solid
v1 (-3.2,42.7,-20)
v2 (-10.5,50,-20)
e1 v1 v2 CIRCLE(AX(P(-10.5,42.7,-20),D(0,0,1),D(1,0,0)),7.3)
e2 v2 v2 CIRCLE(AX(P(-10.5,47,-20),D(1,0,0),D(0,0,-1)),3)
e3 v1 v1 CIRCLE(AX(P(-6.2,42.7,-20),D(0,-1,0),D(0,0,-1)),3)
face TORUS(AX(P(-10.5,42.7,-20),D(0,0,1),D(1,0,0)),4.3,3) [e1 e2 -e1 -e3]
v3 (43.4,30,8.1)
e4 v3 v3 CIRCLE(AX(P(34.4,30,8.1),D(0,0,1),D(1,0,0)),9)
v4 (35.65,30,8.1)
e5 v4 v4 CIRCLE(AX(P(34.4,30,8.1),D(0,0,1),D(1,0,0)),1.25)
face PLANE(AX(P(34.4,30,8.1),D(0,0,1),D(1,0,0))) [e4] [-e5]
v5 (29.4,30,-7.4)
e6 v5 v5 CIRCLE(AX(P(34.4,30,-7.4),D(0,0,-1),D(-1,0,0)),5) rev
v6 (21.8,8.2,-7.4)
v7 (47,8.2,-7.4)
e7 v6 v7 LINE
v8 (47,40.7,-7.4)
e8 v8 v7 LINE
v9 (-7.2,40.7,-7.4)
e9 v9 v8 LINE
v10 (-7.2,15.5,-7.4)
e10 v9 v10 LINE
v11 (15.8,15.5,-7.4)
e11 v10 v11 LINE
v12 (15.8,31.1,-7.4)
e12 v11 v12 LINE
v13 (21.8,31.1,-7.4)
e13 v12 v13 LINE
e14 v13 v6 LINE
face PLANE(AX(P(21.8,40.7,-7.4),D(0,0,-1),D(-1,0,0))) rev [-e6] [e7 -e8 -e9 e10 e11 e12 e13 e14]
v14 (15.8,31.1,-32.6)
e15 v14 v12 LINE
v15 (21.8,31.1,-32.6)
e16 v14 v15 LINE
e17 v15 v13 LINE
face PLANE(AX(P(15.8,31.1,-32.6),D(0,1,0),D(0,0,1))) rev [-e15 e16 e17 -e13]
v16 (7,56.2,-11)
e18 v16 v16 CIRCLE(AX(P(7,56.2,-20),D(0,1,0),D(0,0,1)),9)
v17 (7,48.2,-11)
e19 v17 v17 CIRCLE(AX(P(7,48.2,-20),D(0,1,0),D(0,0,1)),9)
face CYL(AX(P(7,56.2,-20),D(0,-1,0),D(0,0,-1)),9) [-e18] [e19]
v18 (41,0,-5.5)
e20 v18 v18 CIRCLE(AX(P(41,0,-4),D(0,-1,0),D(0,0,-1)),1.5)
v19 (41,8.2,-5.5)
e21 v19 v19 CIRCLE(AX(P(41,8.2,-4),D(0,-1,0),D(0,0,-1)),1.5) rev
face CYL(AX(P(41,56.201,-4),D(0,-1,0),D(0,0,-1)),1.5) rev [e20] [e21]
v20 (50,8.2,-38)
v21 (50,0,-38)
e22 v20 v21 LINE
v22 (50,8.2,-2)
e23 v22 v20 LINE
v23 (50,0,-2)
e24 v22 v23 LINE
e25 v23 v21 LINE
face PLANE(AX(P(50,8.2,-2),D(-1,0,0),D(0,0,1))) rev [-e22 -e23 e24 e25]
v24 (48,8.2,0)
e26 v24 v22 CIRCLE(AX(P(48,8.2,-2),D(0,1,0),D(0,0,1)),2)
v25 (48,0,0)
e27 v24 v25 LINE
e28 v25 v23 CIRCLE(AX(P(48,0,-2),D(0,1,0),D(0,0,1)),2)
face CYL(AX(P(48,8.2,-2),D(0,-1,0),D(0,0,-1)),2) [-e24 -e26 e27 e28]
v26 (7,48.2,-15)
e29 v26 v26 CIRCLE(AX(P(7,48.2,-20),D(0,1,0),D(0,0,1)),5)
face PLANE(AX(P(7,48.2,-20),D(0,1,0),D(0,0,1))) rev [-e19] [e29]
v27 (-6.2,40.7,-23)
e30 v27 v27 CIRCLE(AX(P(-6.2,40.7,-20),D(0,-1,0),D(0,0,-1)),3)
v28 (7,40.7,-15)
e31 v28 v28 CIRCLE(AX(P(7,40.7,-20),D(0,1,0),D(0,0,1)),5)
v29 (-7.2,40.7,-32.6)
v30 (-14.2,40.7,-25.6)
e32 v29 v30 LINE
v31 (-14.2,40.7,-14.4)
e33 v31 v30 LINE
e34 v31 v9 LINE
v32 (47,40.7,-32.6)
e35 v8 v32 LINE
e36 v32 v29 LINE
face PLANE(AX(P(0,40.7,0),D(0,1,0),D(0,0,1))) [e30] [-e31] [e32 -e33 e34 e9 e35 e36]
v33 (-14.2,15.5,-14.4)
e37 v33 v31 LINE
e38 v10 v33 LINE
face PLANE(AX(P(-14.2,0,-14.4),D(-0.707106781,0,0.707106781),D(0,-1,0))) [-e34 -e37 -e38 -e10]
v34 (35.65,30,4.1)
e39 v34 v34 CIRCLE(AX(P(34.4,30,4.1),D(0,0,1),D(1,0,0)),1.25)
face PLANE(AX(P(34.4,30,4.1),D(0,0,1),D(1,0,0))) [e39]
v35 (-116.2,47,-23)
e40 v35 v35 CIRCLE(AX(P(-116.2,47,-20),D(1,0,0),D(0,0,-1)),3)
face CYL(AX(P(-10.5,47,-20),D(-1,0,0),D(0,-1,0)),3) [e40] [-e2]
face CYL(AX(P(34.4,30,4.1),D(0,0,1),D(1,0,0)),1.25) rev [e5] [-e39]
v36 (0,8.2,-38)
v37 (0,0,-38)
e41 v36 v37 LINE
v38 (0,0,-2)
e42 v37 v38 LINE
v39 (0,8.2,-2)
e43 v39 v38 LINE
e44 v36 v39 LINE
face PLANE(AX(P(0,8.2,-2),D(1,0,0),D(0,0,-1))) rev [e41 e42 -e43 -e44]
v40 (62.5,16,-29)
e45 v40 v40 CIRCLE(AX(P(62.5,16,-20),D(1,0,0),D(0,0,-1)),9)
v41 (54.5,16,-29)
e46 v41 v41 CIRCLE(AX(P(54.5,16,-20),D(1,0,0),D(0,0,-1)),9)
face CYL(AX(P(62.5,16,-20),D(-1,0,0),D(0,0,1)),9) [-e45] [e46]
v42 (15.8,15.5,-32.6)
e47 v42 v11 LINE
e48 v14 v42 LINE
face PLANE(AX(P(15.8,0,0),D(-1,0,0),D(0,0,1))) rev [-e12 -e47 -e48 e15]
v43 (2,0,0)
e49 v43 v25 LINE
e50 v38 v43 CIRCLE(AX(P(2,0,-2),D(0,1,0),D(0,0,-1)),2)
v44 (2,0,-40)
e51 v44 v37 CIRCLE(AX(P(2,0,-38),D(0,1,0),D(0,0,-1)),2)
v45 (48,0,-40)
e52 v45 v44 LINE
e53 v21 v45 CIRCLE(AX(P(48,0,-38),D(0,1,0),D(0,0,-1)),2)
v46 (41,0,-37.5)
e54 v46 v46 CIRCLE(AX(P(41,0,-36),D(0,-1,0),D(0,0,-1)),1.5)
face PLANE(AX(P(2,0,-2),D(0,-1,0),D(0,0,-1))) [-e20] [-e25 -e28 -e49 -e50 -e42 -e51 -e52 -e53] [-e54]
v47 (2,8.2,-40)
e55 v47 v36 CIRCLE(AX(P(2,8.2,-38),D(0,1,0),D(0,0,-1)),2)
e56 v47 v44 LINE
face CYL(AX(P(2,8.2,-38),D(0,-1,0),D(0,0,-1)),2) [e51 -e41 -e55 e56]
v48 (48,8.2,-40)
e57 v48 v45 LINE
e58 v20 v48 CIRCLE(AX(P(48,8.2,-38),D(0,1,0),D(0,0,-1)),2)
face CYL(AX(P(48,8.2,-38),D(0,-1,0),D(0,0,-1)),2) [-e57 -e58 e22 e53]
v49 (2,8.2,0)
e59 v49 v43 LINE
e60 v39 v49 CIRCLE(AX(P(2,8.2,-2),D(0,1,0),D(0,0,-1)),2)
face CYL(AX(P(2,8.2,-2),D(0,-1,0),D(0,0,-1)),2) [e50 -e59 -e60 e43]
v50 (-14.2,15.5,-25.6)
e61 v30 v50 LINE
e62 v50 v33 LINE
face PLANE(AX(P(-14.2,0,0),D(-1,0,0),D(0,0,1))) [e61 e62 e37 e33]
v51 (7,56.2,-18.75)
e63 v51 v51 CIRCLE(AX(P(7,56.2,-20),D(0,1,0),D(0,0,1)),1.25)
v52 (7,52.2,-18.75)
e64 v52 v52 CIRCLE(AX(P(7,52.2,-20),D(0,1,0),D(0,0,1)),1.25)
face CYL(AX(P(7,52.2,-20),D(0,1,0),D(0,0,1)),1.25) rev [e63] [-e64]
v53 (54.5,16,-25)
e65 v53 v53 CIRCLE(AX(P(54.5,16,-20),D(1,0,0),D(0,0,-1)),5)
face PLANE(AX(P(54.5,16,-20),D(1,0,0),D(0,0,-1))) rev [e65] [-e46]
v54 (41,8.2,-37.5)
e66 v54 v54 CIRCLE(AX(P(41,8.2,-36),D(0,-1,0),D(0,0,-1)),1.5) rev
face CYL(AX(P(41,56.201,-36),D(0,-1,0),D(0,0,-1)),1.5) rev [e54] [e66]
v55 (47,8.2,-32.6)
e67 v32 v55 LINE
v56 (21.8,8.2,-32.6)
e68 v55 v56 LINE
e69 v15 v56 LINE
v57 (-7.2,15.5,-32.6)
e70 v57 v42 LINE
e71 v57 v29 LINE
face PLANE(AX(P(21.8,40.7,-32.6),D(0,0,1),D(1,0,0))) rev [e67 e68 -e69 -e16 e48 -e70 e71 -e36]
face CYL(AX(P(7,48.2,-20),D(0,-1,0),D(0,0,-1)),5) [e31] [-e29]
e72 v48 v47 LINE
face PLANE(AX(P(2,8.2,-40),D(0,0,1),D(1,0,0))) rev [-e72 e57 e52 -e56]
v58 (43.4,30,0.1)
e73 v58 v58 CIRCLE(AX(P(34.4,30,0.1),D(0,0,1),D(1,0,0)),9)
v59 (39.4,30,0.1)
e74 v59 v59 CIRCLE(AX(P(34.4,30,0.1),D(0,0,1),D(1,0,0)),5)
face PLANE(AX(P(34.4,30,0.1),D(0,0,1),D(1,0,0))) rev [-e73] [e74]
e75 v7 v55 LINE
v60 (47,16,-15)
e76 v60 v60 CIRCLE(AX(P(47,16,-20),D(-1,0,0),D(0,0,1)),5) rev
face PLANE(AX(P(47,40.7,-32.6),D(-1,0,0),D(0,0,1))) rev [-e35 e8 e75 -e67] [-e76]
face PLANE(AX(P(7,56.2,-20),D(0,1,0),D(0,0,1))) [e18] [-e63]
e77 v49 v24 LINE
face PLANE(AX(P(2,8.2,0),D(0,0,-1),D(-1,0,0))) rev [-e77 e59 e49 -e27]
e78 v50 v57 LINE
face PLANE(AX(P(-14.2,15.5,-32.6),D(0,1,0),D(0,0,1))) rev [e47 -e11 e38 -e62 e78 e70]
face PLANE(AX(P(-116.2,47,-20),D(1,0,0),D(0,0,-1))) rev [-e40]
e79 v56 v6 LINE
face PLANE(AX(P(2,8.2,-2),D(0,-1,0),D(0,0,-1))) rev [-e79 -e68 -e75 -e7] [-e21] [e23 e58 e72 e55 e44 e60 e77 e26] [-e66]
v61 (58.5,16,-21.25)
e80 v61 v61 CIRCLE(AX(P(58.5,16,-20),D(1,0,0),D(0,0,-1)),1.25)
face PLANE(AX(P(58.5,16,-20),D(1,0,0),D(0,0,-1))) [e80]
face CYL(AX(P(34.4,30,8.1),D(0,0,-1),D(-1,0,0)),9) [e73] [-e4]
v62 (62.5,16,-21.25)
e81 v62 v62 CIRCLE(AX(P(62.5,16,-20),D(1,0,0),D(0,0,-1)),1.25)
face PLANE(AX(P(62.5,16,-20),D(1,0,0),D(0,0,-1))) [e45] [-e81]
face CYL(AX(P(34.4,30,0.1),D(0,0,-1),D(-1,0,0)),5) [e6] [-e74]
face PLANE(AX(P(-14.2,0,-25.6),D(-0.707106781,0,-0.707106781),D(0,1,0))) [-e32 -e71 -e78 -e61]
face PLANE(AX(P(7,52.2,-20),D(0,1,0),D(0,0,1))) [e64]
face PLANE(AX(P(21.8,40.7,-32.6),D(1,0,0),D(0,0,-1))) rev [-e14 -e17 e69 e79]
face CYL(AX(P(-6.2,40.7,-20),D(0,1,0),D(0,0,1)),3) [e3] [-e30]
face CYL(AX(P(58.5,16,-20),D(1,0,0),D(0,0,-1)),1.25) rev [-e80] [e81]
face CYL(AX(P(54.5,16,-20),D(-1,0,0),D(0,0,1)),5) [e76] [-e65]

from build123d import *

# Parameters (mm, degrees)
BOSS_EXTRUDE1_DEPTH  = 8.2
SKETCH2_W            = 25.2
SKETCH2_H            = 25.2
BOSS_EXTRUDE2_DEPTH  = 32.5
SKETCH3_W            = 25.2
SKETCH3_H            = 9.6
BOSS_EXTRUDE3_DEPTH  = 6
SKETCH4_W            = 25.2
SKETCH4_H            = 25.2
BOSS_EXTRUDE4_DEPTH  = 30
CHAMFER1_SIZE        = 7
SKETCH5_R            = 5
BOSS_EXTRUDE5_DEPTH  = 7.5
SKETCH6_R            = 9
BOSS_EXTRUDE6_DEPTH  = 8
SKETCH7_R            = 1.25
CUT_EXTRUDE1_DEPTH   = 4
SKETCH8_R            = 5
BOSS_EXTRUDE7_DEPTH  = 7.5
SKETCH9_R            = 9
BOSS_EXTRUDE8_DEPTH  = 8
SKETCH10_R           = 1.25
CUT_EXTRUDE2_DEPTH   = 4
SKETCH11_R           = 5
BOSS_EXTRUDE9_DEPTH  = 7.5
SKETCH12_R           = 9
BOSS_EXTRUDE10_DEPTH = 8
SKETCH13_R           = 1.25
CUT_EXTRUDE3_DEPTH   = 4
SKETCH15_R           = 3
CUT_EXTRUDE4_REACH   = 139.748
SKETCH16_R           = 1.5
BOSS_EXTRUDE11_START = 7.5
SKETCH17_R           = 5
BOSS_EXTRUDE11_DEPTH = 7.5
BOSS_EXTRUDE12_START = 8
SKETCH19_R           = 9
BOSS_EXTRUDE12_DEPTH = 8
CUT_EXTRUDE5_START   = -4
SKETCH20_R           = 1.25
CUT_EXTRUDE5_DEPTH   = 4
SKETCH21_W           = 25.2
SKETCH21_H           = 23.393647367
CUT_EXTRUDE6_DEPTH   = 136.341678725


with BuildPart() as part:
    # Sketch1 → Boss-Extrude1 (new body)
    with BuildSketch(Plane(origin=(0, 0, 0), x_dir=(1, 0, 0), z_dir=(0, 1, 0))):
        with BuildLine():
            Line((2, 0), (48, 0))
            ThreePointArc((48, 0), (49.414213562, 0.585786438), (50, 2))
            Line((50, 2), (50, 38))
            ThreePointArc((50, 38), (49.414213562, 39.414213562), (48, 40))
            Line((48, 40), (2, 40))
            ThreePointArc((2, 40), (0.585786438, 39.414213562), (0, 38))
            Line((0, 38), (0, 2))
            ThreePointArc((0, 2), (0.585786438, 0.585786438), (2, 0))
        make_face()
    extrude(amount=BOSS_EXTRUDE1_DEPTH)

    # Sketch2 → Boss-Extrude2 (add)
    with BuildSketch(Plane(origin=(0, 8.2, 0), x_dir=(1, 0, 0), z_dir=(0, 1, 0))):
        with Locations((34.4, 20)):
            Rectangle(SKETCH2_W, SKETCH2_H)
    extrude(amount=BOSS_EXTRUDE2_DEPTH)

    # Sketch3 → Boss-Extrude3 (add)
    with BuildSketch(Plane.ZY.offset(-21.8)):
        with Locations((-20, 35.9)):
            Rectangle(SKETCH3_W, SKETCH3_H)
    extrude(amount=BOSS_EXTRUDE3_DEPTH)

    # Sketch4 → Boss-Extrude4 (add)
    with BuildSketch(Plane.ZY.offset(-15.8)):
        with Locations((-20, 28.1)):
            Rectangle(SKETCH4_W, SKETCH4_H)
    extrude(amount=BOSS_EXTRUDE4_DEPTH)

    # Chamfer1
    chamfer1_edges = [part.edges().sort_by_distance(p)[0] for p in [
        (-14.2, 28.1, -7.4),
        (-14.2, 28.1, -32.6),
    ]]
    chamfer(chamfer1_edges, length=CHAMFER1_SIZE)

    # Sketch5 → Boss-Extrude5 (add)
    with BuildSketch(Plane(origin=(47, 0, 0), x_dir=(0, 0, -1), z_dir=(1, 0, 0))):
        with Locations((20, 16)):
            Circle(SKETCH5_R)
    extrude(amount=BOSS_EXTRUDE5_DEPTH)

    # Sketch6 → Boss-Extrude6 (add)
    with BuildSketch(Plane(origin=(54.5, 0, 0), x_dir=(0, 0, -1), z_dir=(1, 0, 0))):
        with Locations((20, 16)):
            Circle(SKETCH6_R)
    extrude(amount=BOSS_EXTRUDE6_DEPTH)

    # Sketch7 → Cut-Extrude1 (cut)
    with BuildSketch(Plane(origin=(62.5, 0, 0), x_dir=(0, 0, -1), z_dir=(1, 0, 0))):
        with Locations((20, 16)):
            Circle(SKETCH7_R)
    extrude(amount=-CUT_EXTRUDE1_DEPTH, mode=Mode.SUBTRACT)

    # Sketch8 → Boss-Extrude7 (add)
    with BuildSketch(Plane(origin=(0, 0, -32.6), x_dir=(-1, 0, 0), z_dir=(0, 0, -1))):
        with Locations((-34.4, 30)):
            Circle(SKETCH8_R)
    extrude(amount=BOSS_EXTRUDE7_DEPTH)

    # Sketch9 → Boss-Extrude8 (add)
    with BuildSketch(Plane(origin=(0, 0, -40.1), x_dir=(-1, 0, 0), z_dir=(0, 0, -1))):
        with Locations((-34.4, 30)):
            Circle(SKETCH9_R)
    extrude(amount=BOSS_EXTRUDE8_DEPTH)

    # Sketch10 → Cut-Extrude2 (cut)
    with BuildSketch(Plane(origin=(0, 0, -48.1), x_dir=(-1, 0, 0), z_dir=(0, 0, -1))):
        with Locations((-34.4, 30)):
            Circle(SKETCH10_R)
    extrude(amount=-CUT_EXTRUDE2_DEPTH, mode=Mode.SUBTRACT)

    # Sketch11 → Boss-Extrude9 (add)
    with BuildSketch(Plane(origin=(0, 40.7, 0), x_dir=(1, 0, 0), z_dir=(0, 1, 0))):
        with Locations((7, 20)):
            Circle(SKETCH11_R)
    extrude(amount=BOSS_EXTRUDE9_DEPTH)

    # Sketch12 → Boss-Extrude10 (add)
    with BuildSketch(Plane(origin=(0, 48.2, 0), x_dir=(1, 0, 0), z_dir=(0, 1, 0))):
        with Locations((7, 20)):
            Circle(SKETCH12_R)
    extrude(amount=BOSS_EXTRUDE10_DEPTH)

    # Sketch13 → Cut-Extrude3 (cut)
    with BuildSketch(Plane(origin=(0, 56.2, 0), x_dir=(1, 0, 0), z_dir=(0, 1, 0))):
        with Locations((7, 20)):
            Circle(SKETCH13_R)
    extrude(amount=-CUT_EXTRUDE3_DEPTH, mode=Mode.SUBTRACT)

    # Sweep1: sweep along a path in Sketch14
    with BuildLine(Plane.XY.offset(-20)) as sweep1_path:
        Line((-6.2, 40.7), (-6.2, 42.7))
        ThreePointArc((-6.2, 42.7), (-7.459440841, 45.740559159), (-10.5, 47))
        Line((-10.5, 47), (-116.2, 47))
    # Sketch15 → Sweep1 (sweep)
    with BuildSketch(Plane(origin=(-116.2, 0, 0), x_dir=(0, 0, -1), z_dir=(1, 0, 0))):
        with Locations((20, 47)):
            Circle(SKETCH15_R)
    sweep(path=sweep1_path.line)

    # Sketch16 → Cut-Extrude4 (cut, up to next)
    with BuildSketch(Plane.XZ, mode=Mode.PRIVATE) as cut_extrude4_sk1:
        with Locations((41, -4)):
            Circle(SKETCH16_R)
    cut_extrude4_tool1 = extrude(cut_extrude4_sk1.sketch, amount=-CUT_EXTRUDE4_REACH, mode=Mode.PRIVATE) & part.part
    # Sketch16 → Cut-Extrude4 (cut, up to next)
    with BuildSketch(Plane.XZ, mode=Mode.PRIVATE) as cut_extrude4_sk2:
        with Locations((41, -36)):
            Circle(SKETCH16_R)
    cut_extrude4_tool2 = extrude(cut_extrude4_sk2.sketch, amount=-CUT_EXTRUDE4_REACH, mode=Mode.PRIVATE) & part.part
    add(cut_extrude4_tool1.solids().sort_by_distance((41, 0, -4))[0], mode=Mode.SUBTRACT)
    add(cut_extrude4_tool2.solids().sort_by_distance((41, 0, -36))[0], mode=Mode.SUBTRACT)

    # Sketch17 → Boss-Extrude11 (add)
    with BuildSketch(Plane.XY.offset(-7.4).offset(BOSS_EXTRUDE11_START)):
        with Locations((34.4, 30)):
            Circle(SKETCH17_R)
    extrude(amount=-BOSS_EXTRUDE11_DEPTH)

    # Sketch19 → Boss-Extrude12 (add)
    with BuildSketch(Plane.XY.offset(0.1).offset(BOSS_EXTRUDE12_START)):
        with Locations((34.4, 30)):
            Circle(SKETCH19_R)
    extrude(amount=-BOSS_EXTRUDE12_DEPTH)

    # Sketch20 → Cut-Extrude5 (cut)
    with BuildSketch(Plane.XY.offset(8.1).offset(CUT_EXTRUDE5_START)):
        with Locations((34.4, 30)):
            Circle(SKETCH20_R)
    extrude(amount=CUT_EXTRUDE5_DEPTH, mode=Mode.SUBTRACT)

    # Sketch21 → Cut-Extrude6 (cut, through all)
    with BuildSketch(Plane(origin=(0, 0, -32.6), x_dir=(-1, 0, 0), z_dir=(0, 0, -1))):
        with Locations((-34.4, 29.003176317)):
            Rectangle(SKETCH21_W, SKETCH21_H)
    extrude(amount=CUT_EXTRUDE6_DEPTH, mode=Mode.SUBTRACT)


solid = part.part
